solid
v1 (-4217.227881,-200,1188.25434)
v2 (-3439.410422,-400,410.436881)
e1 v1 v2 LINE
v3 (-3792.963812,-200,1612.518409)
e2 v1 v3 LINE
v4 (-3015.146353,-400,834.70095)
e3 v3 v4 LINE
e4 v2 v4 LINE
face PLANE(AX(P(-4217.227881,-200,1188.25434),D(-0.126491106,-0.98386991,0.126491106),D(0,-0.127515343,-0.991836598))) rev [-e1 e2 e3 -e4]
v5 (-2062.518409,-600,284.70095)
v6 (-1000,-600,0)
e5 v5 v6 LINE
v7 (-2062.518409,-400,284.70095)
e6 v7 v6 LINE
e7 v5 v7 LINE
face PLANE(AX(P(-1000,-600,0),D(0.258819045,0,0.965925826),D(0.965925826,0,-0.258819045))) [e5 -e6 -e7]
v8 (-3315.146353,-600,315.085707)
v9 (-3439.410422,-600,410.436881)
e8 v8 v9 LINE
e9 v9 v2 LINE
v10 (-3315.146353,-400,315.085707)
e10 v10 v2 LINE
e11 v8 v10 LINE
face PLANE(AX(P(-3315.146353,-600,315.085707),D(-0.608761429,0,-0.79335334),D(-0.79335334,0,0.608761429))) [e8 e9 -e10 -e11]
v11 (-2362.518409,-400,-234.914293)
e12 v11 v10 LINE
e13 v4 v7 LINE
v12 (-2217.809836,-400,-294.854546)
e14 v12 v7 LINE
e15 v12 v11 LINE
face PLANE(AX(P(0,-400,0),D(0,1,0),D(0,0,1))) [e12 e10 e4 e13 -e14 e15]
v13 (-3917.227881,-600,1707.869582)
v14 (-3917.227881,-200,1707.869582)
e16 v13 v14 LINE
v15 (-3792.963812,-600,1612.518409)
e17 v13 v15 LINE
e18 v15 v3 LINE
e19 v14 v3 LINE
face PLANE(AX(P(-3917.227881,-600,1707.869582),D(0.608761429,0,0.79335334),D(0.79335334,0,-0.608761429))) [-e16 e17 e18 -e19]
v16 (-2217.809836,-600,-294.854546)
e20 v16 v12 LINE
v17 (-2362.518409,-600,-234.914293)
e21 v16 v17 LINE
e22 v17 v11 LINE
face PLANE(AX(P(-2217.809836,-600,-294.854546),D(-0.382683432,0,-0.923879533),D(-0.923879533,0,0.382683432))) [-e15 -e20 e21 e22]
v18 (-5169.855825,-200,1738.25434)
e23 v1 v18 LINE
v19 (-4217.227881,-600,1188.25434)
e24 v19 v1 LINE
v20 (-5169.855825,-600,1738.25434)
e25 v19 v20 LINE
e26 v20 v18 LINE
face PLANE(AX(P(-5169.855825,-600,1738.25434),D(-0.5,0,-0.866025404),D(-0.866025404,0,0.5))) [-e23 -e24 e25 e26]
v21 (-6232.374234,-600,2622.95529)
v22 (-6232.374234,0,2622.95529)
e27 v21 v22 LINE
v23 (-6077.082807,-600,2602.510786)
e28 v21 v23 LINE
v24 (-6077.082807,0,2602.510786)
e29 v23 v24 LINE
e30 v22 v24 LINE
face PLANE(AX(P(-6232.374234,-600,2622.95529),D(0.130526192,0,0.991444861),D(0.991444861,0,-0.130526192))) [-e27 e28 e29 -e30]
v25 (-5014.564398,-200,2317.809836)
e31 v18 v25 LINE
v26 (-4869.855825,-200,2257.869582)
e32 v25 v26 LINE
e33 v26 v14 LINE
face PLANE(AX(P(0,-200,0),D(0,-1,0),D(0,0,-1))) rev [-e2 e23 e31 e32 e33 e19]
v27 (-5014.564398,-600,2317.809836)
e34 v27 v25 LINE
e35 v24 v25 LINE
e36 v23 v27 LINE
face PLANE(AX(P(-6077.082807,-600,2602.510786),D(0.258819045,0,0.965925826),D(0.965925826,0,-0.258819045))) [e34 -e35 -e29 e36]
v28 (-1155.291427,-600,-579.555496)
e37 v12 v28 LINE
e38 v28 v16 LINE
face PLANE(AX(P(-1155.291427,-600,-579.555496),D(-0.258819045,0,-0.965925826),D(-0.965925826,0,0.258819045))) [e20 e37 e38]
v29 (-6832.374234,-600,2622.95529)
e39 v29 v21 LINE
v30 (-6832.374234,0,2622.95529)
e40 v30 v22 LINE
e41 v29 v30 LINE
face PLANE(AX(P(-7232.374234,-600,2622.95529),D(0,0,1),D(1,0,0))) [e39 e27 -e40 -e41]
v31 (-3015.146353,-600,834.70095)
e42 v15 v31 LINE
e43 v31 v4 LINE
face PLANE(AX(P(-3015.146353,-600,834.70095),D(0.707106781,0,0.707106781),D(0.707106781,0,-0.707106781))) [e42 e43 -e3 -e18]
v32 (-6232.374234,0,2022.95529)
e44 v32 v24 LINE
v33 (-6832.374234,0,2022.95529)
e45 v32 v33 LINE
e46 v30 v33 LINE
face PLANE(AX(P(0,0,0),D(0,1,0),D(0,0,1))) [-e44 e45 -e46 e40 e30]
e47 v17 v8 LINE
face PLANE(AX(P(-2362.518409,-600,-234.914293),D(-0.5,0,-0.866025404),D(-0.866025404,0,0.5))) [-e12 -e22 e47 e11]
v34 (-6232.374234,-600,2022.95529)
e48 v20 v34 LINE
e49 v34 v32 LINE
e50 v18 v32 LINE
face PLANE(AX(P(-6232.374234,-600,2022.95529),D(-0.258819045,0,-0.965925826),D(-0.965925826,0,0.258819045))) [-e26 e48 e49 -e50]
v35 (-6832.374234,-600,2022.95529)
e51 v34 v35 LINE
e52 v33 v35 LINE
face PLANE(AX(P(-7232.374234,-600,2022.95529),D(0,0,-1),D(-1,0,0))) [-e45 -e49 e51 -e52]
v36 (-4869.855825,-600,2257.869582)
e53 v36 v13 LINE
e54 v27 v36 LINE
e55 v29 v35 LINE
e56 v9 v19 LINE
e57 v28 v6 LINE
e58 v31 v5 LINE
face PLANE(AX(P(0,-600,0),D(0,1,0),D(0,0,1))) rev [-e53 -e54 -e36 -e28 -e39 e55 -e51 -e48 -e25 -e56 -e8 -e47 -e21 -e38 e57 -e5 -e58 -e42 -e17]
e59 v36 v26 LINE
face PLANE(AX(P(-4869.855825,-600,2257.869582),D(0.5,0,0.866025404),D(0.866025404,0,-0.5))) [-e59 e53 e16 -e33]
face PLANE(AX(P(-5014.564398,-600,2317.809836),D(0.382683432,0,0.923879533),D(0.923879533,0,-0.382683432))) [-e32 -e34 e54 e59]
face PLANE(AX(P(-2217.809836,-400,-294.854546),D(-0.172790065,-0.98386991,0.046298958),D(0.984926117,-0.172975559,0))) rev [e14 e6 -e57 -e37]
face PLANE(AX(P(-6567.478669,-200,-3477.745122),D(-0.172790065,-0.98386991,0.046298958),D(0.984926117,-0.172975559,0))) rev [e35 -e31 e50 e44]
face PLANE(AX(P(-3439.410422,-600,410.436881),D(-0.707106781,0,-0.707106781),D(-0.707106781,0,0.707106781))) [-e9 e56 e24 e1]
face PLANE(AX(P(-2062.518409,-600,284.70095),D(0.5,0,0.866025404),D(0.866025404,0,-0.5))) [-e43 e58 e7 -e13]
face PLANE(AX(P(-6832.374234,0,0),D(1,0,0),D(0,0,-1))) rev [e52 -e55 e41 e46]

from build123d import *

# Parameters (mm, degrees)
BOSS_EXTRUDE1_DEPTH = 600
CUT_EXTRUDE1_DEPTH  = 600
CUT_EXTRUDE2_DEPTH  = 600
CUT_EXTRUDE3_DEPTH  = 400
CUT_EXTRUDE4_DEPTH  = 600
CUT_EXTRUDE5_DEPTH  = 200
CUT_EXTRUDE6_DEPTH  = 6000
SKETCH16_W          = 2532.923378498
SKETCH16_H          = 1485.911209515
CUT_EXTRUDE7_DEPTH  = 1000


with BuildPart() as part:
    # Sketch1 → Boss-Extrude1 (new body)
    with BuildSketch(Plane(origin=(0, 0, 0), x_dir=(1, 0, 0), z_dir=(0, 1, 0))):
        Polygon((0, 0), (-1000, 0), (-2062.518408918, -284.700949613), (-3015.146353081, -834.700949613), (-3792.963812386, -1612.518408918), (-3917.227881098, -1707.869582477), (-4869.855825261, -2257.869582477), (-5014.564398199, -2317.809835979), (-6077.082807117, -2602.510785592), (-6232.374234179, -2622.955289819), (-7232.374234179, -2622.955289819), (-7232.374234179, -2022.955289819), (-6232.374234179, -2022.955289819), (-5169.855825261, -1738.254340206), (-4217.227881098, -1188.254340206), (-3439.410421793, -410.436880901), (-3315.146353081, -315.085707342), (-2362.518408918, 234.914292658), (-2217.809835979, 294.854546161), (-1155.291427062, 579.555495773), (-1000, 600), (0, 600), align=None)
    extrude(amount=-BOSS_EXTRUDE1_DEPTH)

    # Sketch9 → Cut-Extrude1 (cut)
    with BuildSketch(Plane(origin=(0, 0, 0), x_dir=(1, 0, 0), z_dir=(0, 1, 0))):
        Polygon((-1000, 0), (0, 0), (0, 600), (-1000, 600), (-1155.291427062, 579.555495773), align=None)
    extrude(amount=-CUT_EXTRUDE1_DEPTH, mode=Mode.SUBTRACT)

    # Sketch10 → Cut-Extrude2 (cut)
    with BuildSketch(Plane(origin=(-66.987298108, 0, -250), x_dir=(0.965925826, 0, -0.258819045), z_dir=(0.258819045, 0, 0.965925826))):
        Polygon((-2065.925826289, -400), (-965.925826289, -600), (-965.925826289, 0), (-2065.925826289, 0), align=None)
    extrude(amount=-CUT_EXTRUDE2_DEPTH, mode=Mode.SUBTRACT)

    # Sketch11 → Cut-Extrude3 (cut)
    with BuildSketch(Plane(origin=(0, 0, 0), x_dir=(1, 0, 0), z_dir=(0, 1, 0))):
        Polygon((-2062.518408918, -284.700949613), (-3015.146353081, -834.700949613), (-3439.410421793, -410.436880901), (-3315.146353081, -315.085707342), (-2362.518408918, 234.914292658), (-2217.809835979, 294.854546161), align=None)
    extrude(amount=-CUT_EXTRUDE3_DEPTH, mode=Mode.SUBTRACT)

    # Sketch12 → Cut-Extrude4 (cut)
    with BuildSketch(Plane(origin=(-1090.222701734, 0, -1090.222701734), x_dir=(0.707106781, 0, -0.707106781), z_dir=(0.707106781, 0, 0.707106781))):
        Polygon((-3822.253134267, -200), (-3822.253134267, 0), (-2722.253134267, 0), (-2722.253134267, -400), align=None)
    extrude(amount=-CUT_EXTRUDE4_DEPTH, mode=Mode.SUBTRACT)

    # Sketch13 → Cut-Extrude5 (cut)
    with BuildSketch(Plane(origin=(0, 0, 0), x_dir=(1, 0, 0), z_dir=(0, 1, 0))):
        Polygon((-4217.227881098, -1188.254340206), (-3792.963812386, -1612.518408918), (-3917.227881098, -1707.869582477), (-4869.855825261, -2257.869582477), (-5014.564398199, -2317.809835979), (-5169.855825261, -1738.254340206), align=None)
    extrude(amount=-CUT_EXTRUDE5_DEPTH, mode=Mode.SUBTRACT)

    # Sketch14 → Cut-Extrude6 (cut)
    with BuildSketch(Plane(origin=(243.540338772, 0, 908.90491799), x_dir=(0.965925826, 0, -0.258819045), z_dir=(0.258819045, 0, 0.965925826))):
        Polygon((-5443.590588288, -200), (-6543.590588288, 0), (-5443.590588288, 0), align=None)
    extrude(amount=-CUT_EXTRUDE6_DEPTH, mode=Mode.SUBTRACT)

    # Sketch16 → Cut-Extrude7 (cut)
    with BuildSketch(Plane(origin=(-6832.374234179, 0, 0), x_dir=(0, 0, -1), z_dir=(1, 0, 0))):
        with Locations((-1903.922097594, -233.533191628)):
            Rectangle(SKETCH16_W, SKETCH16_H)
    extrude(amount=-CUT_EXTRUDE7_DEPTH, mode=Mode.SUBTRACT)


solid = part.part
